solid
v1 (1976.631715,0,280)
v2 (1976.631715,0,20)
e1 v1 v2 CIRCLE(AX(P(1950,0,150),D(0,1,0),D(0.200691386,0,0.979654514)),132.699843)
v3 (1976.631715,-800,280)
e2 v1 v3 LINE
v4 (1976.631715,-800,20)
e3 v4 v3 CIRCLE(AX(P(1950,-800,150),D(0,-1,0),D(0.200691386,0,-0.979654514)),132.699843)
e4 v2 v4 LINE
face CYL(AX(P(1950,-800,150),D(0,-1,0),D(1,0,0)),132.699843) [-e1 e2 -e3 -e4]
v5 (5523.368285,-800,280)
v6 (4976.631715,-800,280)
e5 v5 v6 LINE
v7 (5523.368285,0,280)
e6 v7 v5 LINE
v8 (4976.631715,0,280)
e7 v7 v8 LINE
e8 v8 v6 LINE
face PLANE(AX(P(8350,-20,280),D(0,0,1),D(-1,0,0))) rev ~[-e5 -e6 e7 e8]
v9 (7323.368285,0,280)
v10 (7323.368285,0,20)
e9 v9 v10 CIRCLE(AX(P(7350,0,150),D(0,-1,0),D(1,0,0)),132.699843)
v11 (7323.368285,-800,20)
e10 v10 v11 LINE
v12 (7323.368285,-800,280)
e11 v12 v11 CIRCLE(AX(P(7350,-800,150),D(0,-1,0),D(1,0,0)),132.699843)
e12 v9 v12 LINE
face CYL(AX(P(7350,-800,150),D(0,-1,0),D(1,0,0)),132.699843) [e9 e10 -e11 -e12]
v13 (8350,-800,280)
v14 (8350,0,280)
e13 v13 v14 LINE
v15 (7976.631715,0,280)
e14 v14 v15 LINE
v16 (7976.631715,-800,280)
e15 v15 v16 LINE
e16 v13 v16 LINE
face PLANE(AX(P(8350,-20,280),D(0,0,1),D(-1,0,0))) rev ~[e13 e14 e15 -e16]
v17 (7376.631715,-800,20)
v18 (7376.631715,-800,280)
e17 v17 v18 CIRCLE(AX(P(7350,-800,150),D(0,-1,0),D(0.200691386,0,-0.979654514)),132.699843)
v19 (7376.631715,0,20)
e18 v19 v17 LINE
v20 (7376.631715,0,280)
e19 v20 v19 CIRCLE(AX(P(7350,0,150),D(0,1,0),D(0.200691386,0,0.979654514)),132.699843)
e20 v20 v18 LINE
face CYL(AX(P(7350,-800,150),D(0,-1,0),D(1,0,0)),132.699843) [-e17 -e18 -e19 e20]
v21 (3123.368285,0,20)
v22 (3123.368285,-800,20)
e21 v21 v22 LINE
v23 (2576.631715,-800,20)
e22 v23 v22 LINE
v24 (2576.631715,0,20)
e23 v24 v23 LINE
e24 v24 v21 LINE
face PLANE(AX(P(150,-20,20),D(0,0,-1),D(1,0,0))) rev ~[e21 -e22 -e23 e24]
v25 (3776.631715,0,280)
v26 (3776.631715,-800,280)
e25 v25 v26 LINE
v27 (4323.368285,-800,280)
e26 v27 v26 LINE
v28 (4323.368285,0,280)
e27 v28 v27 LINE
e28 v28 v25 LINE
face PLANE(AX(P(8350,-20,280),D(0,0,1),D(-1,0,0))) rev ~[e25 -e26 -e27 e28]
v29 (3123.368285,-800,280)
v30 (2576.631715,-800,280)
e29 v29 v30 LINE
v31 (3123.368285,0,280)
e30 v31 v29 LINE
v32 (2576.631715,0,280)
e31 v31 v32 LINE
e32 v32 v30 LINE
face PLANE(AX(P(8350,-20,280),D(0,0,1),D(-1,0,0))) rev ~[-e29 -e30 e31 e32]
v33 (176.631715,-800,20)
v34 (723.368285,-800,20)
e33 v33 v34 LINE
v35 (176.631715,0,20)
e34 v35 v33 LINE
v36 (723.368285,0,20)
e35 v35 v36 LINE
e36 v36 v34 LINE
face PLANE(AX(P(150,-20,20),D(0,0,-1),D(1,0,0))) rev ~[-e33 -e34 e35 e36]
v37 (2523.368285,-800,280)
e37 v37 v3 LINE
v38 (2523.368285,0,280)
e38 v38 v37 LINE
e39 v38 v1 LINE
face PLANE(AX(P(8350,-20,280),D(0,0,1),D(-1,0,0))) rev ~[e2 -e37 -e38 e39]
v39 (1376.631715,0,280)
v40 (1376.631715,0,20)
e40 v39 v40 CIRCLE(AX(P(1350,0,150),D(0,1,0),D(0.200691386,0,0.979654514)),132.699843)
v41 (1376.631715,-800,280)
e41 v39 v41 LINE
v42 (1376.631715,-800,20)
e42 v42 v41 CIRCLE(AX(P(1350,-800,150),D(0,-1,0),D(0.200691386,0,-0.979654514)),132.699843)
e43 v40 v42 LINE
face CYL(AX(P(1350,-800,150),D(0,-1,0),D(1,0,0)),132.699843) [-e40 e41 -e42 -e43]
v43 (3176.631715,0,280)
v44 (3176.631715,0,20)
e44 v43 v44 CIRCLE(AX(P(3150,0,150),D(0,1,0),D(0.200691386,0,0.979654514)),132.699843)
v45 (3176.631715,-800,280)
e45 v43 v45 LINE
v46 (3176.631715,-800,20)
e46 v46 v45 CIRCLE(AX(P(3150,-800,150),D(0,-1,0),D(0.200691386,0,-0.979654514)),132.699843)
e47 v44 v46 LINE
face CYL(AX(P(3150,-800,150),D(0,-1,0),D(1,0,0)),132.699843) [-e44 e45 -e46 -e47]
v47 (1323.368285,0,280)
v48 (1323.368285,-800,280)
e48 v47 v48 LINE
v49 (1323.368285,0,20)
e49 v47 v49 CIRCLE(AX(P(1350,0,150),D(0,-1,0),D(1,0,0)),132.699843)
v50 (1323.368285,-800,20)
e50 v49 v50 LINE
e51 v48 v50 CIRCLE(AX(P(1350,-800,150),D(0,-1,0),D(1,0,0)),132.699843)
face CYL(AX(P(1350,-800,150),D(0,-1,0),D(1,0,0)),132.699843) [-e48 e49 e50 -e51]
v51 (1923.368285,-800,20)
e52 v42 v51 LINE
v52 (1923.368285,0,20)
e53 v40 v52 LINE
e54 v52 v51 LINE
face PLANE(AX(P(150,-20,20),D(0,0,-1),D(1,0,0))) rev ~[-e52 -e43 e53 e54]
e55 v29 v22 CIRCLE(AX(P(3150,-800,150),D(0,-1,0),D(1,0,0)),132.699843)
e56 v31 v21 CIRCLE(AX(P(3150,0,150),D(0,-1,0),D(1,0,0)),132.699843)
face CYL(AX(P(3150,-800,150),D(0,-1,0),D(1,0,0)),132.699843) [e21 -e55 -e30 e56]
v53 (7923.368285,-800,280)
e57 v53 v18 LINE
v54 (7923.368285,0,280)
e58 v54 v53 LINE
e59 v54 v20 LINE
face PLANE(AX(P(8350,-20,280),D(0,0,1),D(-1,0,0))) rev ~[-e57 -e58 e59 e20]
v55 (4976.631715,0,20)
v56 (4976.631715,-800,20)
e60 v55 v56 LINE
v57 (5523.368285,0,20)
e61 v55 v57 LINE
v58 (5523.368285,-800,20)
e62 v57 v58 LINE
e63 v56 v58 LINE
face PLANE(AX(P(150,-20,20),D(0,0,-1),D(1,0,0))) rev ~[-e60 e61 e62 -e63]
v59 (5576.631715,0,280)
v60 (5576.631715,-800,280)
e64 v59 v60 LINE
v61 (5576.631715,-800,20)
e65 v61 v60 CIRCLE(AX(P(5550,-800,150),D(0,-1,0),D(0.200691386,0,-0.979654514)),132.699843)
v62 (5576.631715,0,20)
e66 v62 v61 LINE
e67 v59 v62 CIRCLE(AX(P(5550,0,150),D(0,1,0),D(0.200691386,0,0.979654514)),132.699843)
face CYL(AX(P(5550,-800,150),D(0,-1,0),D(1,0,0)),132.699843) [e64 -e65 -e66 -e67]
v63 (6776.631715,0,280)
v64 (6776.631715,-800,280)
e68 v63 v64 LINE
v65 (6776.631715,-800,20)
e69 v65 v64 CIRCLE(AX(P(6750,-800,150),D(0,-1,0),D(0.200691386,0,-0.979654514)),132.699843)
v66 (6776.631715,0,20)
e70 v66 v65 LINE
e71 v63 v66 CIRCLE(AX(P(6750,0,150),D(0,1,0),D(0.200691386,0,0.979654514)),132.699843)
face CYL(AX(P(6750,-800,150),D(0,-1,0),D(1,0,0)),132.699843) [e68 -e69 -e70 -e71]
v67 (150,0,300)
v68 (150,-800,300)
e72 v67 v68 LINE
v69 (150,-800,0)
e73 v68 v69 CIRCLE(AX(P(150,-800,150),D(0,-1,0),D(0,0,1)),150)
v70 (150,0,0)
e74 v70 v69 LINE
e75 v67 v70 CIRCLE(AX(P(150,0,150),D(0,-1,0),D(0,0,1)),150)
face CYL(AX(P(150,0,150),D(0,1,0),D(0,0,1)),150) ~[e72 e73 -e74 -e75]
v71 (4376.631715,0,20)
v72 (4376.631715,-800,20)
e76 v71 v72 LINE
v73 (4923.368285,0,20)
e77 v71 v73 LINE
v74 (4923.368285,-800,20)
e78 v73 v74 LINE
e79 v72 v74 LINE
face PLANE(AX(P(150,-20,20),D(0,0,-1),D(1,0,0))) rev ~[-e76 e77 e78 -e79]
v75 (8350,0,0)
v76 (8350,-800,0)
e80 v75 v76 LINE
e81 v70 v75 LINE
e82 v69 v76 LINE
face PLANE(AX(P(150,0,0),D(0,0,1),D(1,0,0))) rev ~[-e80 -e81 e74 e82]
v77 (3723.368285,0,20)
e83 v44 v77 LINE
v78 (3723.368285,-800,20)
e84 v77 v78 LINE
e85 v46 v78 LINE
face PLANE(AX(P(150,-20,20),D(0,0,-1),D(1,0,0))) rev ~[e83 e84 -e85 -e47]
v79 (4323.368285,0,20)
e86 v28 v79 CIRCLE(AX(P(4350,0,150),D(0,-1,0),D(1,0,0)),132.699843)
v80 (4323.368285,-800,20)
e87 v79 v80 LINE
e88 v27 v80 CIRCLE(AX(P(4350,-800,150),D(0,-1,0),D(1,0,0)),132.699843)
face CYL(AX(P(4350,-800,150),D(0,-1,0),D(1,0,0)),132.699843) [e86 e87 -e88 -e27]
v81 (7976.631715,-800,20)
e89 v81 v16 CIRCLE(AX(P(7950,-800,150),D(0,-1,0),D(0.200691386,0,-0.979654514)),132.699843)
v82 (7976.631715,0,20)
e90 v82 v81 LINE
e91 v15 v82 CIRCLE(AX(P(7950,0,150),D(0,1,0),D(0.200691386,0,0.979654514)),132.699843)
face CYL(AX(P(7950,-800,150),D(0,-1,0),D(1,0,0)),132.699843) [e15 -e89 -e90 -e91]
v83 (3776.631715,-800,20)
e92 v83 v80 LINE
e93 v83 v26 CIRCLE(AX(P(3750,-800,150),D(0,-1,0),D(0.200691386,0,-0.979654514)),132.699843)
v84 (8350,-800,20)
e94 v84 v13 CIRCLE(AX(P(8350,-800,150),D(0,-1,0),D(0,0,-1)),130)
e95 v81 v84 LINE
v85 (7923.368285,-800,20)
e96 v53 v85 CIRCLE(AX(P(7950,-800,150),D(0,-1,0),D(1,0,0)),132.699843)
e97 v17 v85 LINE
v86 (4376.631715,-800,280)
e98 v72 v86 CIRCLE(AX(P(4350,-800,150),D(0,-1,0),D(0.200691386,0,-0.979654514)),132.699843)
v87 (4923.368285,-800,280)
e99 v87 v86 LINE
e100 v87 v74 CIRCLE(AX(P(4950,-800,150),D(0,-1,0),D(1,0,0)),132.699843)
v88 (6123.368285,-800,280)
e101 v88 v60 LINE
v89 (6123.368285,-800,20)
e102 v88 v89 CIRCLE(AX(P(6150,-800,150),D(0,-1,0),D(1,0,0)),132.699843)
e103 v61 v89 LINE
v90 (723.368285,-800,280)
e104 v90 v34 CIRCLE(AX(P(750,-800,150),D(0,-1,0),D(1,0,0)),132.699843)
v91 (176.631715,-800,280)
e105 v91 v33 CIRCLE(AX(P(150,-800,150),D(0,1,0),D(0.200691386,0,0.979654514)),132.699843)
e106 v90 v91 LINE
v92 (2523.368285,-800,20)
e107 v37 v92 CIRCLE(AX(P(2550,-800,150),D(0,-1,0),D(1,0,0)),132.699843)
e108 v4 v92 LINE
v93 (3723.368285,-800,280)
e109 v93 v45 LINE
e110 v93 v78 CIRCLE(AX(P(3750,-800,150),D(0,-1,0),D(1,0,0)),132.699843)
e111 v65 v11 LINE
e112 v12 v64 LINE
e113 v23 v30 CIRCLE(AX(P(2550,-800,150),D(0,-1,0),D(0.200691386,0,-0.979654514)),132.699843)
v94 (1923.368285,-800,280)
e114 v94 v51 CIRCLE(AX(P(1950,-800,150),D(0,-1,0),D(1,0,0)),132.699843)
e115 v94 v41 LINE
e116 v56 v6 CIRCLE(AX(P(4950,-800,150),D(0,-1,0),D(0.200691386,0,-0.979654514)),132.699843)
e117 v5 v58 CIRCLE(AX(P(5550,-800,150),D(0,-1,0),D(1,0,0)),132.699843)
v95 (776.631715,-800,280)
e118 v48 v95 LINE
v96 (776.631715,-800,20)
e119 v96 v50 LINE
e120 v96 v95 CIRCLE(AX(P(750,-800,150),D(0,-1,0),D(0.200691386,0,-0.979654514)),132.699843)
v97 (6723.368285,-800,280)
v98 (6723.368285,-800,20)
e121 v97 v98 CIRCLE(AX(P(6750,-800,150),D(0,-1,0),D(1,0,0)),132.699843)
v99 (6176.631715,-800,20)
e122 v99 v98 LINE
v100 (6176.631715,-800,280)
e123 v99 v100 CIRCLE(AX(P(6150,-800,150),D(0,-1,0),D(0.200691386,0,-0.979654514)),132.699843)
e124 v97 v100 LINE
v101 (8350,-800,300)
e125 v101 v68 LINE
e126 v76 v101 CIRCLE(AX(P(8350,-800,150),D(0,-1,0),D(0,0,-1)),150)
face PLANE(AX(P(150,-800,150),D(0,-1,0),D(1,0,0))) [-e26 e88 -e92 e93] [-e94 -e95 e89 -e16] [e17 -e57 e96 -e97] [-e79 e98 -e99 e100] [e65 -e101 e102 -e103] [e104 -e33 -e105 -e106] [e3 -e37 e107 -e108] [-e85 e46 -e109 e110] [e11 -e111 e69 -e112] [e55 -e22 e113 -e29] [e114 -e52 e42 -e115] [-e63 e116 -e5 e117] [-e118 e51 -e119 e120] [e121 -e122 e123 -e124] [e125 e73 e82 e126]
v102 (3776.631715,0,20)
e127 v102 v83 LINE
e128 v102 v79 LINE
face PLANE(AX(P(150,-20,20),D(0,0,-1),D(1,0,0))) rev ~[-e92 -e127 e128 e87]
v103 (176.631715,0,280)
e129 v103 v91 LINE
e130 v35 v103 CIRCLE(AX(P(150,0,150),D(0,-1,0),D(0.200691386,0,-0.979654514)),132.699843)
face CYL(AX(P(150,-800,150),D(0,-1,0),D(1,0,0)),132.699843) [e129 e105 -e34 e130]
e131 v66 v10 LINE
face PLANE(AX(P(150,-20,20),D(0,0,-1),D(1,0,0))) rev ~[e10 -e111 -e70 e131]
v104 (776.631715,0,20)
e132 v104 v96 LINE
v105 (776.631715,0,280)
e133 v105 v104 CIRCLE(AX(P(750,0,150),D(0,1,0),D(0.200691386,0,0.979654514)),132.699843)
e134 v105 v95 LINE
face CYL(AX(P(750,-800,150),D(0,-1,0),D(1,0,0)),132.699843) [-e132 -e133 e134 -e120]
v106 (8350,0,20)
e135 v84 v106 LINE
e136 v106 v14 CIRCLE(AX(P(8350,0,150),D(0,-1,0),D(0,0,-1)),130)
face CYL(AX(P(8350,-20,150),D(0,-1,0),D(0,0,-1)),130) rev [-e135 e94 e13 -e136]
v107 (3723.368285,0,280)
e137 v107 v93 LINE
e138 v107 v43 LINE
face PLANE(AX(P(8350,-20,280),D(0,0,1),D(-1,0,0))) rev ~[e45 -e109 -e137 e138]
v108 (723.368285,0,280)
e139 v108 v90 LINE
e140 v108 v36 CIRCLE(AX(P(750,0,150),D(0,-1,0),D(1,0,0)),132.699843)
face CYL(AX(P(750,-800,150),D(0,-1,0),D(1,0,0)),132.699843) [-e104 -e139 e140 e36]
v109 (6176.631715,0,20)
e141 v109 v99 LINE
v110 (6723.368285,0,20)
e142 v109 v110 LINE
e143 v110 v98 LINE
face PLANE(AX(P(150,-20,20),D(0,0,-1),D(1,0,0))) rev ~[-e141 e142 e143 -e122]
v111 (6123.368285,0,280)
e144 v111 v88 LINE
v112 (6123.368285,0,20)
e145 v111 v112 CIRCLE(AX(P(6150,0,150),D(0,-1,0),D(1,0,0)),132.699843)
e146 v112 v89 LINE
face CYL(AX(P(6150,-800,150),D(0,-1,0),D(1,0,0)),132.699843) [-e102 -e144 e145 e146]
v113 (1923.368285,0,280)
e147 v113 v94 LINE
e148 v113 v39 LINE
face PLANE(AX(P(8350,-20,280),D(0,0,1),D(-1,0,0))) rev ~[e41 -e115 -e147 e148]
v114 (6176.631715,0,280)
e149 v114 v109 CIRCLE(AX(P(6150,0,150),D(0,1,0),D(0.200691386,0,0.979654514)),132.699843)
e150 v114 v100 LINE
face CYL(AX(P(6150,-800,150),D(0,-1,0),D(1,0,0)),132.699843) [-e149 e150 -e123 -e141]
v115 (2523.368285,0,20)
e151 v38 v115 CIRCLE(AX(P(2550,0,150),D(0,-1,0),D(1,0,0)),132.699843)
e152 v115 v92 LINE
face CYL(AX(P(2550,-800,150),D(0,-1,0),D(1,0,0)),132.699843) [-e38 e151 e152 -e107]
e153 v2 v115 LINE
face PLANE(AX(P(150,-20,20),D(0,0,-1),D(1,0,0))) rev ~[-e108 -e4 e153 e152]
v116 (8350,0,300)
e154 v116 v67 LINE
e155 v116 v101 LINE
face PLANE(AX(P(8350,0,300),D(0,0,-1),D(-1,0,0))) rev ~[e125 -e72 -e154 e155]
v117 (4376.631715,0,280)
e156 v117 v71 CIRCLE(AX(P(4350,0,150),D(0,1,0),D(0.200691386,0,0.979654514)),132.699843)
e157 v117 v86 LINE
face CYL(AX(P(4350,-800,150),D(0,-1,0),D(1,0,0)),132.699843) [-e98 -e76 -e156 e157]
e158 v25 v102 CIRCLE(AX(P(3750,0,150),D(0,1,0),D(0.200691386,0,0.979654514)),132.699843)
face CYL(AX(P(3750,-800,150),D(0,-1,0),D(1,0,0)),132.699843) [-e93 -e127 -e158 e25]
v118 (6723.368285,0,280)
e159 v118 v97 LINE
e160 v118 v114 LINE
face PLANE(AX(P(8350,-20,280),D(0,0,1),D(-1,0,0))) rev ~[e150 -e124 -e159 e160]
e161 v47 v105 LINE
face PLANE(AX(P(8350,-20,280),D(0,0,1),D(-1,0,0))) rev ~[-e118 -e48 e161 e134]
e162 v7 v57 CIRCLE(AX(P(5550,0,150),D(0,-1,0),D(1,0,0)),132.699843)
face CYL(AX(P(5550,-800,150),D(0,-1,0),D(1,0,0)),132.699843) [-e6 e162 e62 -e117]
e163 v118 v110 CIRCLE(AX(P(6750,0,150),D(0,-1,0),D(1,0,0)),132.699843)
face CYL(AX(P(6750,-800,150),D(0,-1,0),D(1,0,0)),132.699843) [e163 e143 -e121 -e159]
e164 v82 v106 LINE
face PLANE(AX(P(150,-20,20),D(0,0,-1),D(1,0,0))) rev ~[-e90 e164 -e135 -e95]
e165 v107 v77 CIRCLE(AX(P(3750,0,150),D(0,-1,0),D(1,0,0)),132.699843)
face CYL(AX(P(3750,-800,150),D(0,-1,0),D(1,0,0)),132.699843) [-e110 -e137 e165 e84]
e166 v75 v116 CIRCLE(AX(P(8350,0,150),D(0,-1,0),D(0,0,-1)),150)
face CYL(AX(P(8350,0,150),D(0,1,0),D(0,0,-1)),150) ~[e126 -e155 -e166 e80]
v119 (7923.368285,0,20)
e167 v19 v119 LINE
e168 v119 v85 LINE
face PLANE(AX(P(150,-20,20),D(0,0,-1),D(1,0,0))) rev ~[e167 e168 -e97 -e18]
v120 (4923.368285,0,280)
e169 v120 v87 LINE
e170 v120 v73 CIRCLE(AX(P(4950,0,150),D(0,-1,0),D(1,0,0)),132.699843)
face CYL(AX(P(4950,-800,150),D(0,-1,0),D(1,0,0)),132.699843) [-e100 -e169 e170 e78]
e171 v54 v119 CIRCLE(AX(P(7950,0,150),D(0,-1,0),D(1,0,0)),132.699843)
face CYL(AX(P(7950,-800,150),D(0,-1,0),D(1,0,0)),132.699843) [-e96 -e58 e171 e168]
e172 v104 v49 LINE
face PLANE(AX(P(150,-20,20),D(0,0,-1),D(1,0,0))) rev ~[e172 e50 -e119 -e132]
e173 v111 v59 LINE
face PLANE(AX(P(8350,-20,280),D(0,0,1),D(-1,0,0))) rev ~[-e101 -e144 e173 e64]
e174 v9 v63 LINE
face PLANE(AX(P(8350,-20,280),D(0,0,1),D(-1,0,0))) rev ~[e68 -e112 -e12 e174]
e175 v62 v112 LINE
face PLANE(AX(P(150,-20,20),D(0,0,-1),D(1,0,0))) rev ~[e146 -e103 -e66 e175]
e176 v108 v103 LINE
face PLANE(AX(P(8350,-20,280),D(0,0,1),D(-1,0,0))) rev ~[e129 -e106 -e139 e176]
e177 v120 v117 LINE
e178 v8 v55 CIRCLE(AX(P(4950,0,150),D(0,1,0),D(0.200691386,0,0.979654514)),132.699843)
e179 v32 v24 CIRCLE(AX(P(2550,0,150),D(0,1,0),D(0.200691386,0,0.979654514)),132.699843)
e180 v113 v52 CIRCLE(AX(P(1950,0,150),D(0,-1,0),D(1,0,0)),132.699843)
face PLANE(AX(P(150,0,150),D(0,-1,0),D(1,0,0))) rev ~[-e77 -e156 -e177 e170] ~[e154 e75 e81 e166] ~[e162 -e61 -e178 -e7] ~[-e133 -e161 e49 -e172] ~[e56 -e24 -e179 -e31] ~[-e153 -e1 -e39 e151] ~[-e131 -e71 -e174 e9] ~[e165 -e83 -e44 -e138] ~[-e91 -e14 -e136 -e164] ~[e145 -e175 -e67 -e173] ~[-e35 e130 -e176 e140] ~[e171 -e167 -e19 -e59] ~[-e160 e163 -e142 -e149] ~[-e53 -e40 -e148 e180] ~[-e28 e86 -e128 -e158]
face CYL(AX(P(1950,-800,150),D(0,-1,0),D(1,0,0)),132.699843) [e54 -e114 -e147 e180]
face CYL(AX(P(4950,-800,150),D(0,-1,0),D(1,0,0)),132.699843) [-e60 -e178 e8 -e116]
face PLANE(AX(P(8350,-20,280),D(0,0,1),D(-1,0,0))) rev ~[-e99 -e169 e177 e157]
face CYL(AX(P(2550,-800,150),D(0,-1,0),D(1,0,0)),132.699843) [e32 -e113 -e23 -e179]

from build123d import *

# Parameters (mm, degrees)
F1_DEPTH = 800
F2_T     = -20
F3_DEPTH = 25
F4_R     = 132.699842737
F5_DEPTH = 800


with BuildPart() as f1:
    # F0 (on Front) → F1 (new body)
    with BuildSketch(Plane.XZ):
        with BuildLine():
            ThreePointArc((0, 150), (43.933982822, 43.933982822), (150, 0))
            Line((150, 0), (8350, 0))
            ThreePointArc((8350, 0), (8456.066017178, 43.933982822), (8500, 150))
            ThreePointArc((8500, 150), (8456.066017178, 256.066017178), (8350, 300))
            Line((8350, 300), (150, 300))
            ThreePointArc((150, 300), (43.933982822, 256.066017178), (0, 150))
        make_face()
    extrude(amount=F1_DEPTH)

    # F2
    f2_openings = [f1.faces().sort_by_distance(p)[0] for p in [
        (4250, -800, 150),
    ]]
    offset(amount=F2_T, openings=f2_openings)

    # F3 (cut): a face of the model
    f3_faces = [f1.faces().sort_by_distance(p)[0] for p in [
        (4250, -20, 150),
    ]]
    extrude(f3_faces, amount=-F3_DEPTH, mode=Mode.SUBTRACT)

    # F4 (on face) → F5 (join)
    with BuildSketch(Plane.XZ.offset(800)):
        with Locations((150, 150)):
            Circle(F4_R)
        with Locations((750, 150)):
            Circle(F4_R)
        with Locations((1350, 150)):
            Circle(F4_R)
        with Locations((1950, 150)):
            Circle(F4_R)
        with Locations((2550, 150)):
            Circle(F4_R)
        with Locations((3150, 150)):
            Circle(F4_R)
        with Locations((3750, 150)):
            Circle(F4_R)
        with Locations((4350, 150)):
            Circle(F4_R)
        with Locations((4950, 150)):
            Circle(F4_R)
        with Locations((5550, 150)):
            Circle(F4_R)
        with Locations((6150, 150)):
            Circle(F4_R)
        with Locations((6750, 150)):
            Circle(F4_R)
        with Locations((7350, 150)):
            Circle(F4_R)
        with Locations((7950, 150)):
            Circle(F4_R)
    extrude(amount=-F5_DEPTH)


solid = f1.part
